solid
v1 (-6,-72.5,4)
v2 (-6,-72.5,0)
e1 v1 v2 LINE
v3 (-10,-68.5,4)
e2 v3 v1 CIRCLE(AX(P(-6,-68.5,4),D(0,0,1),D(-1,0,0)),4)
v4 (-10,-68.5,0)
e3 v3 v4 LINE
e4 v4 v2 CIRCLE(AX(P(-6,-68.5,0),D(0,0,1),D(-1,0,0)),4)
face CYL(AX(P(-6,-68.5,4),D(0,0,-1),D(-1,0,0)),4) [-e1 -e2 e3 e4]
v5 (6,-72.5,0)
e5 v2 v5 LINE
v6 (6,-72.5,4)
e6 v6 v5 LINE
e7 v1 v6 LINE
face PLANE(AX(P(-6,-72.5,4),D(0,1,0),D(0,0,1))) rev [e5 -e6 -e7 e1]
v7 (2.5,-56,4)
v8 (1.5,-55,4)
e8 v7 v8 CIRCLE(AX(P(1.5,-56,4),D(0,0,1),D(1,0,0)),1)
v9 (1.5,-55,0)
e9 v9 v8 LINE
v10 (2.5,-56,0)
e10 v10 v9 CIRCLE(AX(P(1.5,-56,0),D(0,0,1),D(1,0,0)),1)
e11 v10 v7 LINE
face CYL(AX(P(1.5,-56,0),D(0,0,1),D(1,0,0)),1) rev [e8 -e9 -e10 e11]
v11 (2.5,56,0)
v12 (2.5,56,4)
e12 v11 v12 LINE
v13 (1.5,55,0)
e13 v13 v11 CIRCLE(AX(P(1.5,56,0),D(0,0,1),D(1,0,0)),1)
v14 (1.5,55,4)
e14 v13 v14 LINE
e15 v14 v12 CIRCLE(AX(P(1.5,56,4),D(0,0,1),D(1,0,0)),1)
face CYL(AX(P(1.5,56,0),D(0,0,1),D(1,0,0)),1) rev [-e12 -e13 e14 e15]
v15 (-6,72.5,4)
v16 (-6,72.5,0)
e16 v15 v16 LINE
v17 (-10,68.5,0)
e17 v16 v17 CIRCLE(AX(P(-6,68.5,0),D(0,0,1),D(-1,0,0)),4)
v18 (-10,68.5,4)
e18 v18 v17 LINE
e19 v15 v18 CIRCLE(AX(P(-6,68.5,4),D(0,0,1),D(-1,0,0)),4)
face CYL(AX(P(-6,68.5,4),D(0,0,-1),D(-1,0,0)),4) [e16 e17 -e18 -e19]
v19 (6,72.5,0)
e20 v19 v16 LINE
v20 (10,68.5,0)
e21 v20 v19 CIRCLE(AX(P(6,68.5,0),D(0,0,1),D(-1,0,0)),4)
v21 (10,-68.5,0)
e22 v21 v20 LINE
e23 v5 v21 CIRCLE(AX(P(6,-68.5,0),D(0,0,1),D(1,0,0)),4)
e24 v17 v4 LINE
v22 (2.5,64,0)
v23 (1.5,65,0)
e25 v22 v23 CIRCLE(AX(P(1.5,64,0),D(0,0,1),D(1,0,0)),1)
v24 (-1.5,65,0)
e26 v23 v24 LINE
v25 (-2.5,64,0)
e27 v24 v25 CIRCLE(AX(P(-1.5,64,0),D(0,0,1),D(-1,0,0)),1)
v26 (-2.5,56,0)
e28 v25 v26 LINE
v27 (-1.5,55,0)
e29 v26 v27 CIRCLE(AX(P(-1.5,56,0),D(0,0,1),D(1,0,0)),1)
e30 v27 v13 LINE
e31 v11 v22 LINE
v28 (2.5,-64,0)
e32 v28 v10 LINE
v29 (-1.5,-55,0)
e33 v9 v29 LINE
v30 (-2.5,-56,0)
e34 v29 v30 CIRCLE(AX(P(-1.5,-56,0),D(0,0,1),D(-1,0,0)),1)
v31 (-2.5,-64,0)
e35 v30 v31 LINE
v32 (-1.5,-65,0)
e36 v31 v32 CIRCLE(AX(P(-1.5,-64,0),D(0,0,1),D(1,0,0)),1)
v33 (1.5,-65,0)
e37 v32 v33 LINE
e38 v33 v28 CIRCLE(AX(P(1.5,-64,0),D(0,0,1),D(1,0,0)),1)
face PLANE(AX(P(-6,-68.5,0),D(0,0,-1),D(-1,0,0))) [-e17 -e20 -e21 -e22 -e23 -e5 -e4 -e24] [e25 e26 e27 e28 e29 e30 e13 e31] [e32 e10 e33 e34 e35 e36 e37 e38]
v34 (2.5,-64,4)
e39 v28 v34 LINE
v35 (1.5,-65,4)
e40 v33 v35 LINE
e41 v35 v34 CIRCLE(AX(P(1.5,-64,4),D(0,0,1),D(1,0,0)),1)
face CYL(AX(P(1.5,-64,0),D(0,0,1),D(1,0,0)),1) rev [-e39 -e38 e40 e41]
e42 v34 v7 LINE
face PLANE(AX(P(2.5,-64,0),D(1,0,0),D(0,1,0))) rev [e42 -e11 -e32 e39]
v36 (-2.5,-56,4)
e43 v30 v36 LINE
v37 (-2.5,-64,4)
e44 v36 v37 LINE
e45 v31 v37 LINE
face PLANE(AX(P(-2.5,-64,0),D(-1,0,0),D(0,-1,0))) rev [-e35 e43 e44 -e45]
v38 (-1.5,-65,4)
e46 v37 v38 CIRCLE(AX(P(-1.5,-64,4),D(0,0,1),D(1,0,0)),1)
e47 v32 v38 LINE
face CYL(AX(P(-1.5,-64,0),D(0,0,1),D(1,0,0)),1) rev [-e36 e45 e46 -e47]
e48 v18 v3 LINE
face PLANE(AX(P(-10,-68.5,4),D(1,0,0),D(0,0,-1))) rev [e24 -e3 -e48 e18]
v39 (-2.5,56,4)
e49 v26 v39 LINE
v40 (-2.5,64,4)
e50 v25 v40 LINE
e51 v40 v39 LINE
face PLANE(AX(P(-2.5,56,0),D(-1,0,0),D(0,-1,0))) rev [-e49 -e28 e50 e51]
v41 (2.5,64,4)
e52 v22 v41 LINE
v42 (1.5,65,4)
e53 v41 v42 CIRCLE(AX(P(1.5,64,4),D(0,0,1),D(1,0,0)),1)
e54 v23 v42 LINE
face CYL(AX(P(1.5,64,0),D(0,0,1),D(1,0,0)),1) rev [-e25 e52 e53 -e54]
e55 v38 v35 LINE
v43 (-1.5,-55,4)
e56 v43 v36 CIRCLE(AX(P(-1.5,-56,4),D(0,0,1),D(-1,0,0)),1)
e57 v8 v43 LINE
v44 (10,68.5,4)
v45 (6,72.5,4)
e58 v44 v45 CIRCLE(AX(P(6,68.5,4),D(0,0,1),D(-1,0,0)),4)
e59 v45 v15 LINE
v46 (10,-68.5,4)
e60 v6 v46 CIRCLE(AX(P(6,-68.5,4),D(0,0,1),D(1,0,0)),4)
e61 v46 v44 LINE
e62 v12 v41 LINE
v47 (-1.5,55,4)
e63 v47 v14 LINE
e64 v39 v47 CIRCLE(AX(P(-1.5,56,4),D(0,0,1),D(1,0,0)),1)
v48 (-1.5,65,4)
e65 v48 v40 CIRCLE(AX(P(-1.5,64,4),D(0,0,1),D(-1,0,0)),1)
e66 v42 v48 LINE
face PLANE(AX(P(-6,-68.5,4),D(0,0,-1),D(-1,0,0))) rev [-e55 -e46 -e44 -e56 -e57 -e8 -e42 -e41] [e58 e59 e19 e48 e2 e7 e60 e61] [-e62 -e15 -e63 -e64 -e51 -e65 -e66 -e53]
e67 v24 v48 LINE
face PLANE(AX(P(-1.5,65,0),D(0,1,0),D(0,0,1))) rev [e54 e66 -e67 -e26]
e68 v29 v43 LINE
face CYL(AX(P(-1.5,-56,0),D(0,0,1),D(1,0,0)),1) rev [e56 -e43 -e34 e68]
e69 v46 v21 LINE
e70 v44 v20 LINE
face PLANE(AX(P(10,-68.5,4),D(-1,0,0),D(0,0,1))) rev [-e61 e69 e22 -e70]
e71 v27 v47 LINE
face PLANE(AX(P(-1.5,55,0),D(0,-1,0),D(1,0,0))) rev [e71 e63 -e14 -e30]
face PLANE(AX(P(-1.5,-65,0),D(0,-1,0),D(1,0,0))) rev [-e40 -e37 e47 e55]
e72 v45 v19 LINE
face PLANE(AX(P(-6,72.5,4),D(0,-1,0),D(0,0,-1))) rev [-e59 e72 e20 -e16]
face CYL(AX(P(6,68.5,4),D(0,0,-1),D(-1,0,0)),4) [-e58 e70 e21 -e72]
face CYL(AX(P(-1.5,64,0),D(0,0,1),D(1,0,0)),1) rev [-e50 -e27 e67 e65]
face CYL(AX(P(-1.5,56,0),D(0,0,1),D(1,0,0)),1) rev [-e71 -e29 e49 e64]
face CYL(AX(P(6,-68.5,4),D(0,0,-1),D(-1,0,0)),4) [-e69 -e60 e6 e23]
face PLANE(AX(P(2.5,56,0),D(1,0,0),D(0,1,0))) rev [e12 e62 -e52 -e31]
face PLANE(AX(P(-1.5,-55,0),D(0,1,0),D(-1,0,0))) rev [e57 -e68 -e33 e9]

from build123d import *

# Parameters (mm, degrees)
BOSS_EXTRU_1_DEPTH      = 4
ENL_V_MAT_EXTRU_1_DEPTH = 74.295634249


with BuildPart() as part:
    # Esquisse1 → Boss.-Extru.1 (new body)
    with BuildSketch(Plane.XY):
        with BuildLine():
            Line((-6, -72.5), (6, -72.5))
            ThreePointArc((6, -72.5), (8.828427125, -71.328427125), (10, -68.5))
            Line((10, -68.5), (10, 68.5))
            ThreePointArc((10, 68.5), (8.828427125, 71.328427125), (6, 72.5))
            Line((6, 72.5), (-6, 72.5))
            ThreePointArc((-6, 72.5), (-8.828427125, 71.328427125), (-10, 68.5))
            Line((-10, 68.5), (-10, -68.5))
            ThreePointArc((-10, -68.5), (-8.828427125, -71.328427125), (-6, -72.5))
        make_face()
    extrude(amount=BOSS_EXTRU_1_DEPTH)

    # Esquisse2 → Enlèv. mat.-Extru.1 (cut, through all)
    with BuildSketch(Plane.XY.offset(4)):
        with BuildLine():
            Line((-2.5, -64), (-2.5, -56))
            ThreePointArc((-2.5, -56), (-2.207106781, -55.292893219), (-1.5, -55))
            Line((-1.5, -55), (1.5, -55))
            ThreePointArc((1.5, -55), (2.207106781, -55.292893219), (2.5, -56))
            Line((2.5, -56), (2.5, -64))
            ThreePointArc((2.5, -64), (2.207106781, -64.707106781), (1.5, -65))
            Line((1.5, -65), (-1.5, -65))
            ThreePointArc((-1.5, -65), (-2.207106781, -64.707106781), (-2.5, -64))
        make_face()
        with BuildLine():
            Line((-2.5, 56), (-2.5, 64))
            ThreePointArc((-2.5, 64), (-2.207106781, 64.707106781), (-1.5, 65))
            Line((-1.5, 65), (1.5, 65))
            ThreePointArc((1.5, 65), (2.207106781, 64.707106781), (2.5, 64))
            Line((2.5, 64), (2.5, 56))
            ThreePointArc((2.5, 56), (2.207106781, 55.292893219), (1.5, 55))
            Line((1.5, 55), (-1.5, 55))
            ThreePointArc((-1.5, 55), (-2.207106781, 55.292893219), (-2.5, 56))
        make_face()
    extrude(amount=-ENL_V_MAT_EXTRU_1_DEPTH, mode=Mode.SUBTRACT)


solid = part.part
